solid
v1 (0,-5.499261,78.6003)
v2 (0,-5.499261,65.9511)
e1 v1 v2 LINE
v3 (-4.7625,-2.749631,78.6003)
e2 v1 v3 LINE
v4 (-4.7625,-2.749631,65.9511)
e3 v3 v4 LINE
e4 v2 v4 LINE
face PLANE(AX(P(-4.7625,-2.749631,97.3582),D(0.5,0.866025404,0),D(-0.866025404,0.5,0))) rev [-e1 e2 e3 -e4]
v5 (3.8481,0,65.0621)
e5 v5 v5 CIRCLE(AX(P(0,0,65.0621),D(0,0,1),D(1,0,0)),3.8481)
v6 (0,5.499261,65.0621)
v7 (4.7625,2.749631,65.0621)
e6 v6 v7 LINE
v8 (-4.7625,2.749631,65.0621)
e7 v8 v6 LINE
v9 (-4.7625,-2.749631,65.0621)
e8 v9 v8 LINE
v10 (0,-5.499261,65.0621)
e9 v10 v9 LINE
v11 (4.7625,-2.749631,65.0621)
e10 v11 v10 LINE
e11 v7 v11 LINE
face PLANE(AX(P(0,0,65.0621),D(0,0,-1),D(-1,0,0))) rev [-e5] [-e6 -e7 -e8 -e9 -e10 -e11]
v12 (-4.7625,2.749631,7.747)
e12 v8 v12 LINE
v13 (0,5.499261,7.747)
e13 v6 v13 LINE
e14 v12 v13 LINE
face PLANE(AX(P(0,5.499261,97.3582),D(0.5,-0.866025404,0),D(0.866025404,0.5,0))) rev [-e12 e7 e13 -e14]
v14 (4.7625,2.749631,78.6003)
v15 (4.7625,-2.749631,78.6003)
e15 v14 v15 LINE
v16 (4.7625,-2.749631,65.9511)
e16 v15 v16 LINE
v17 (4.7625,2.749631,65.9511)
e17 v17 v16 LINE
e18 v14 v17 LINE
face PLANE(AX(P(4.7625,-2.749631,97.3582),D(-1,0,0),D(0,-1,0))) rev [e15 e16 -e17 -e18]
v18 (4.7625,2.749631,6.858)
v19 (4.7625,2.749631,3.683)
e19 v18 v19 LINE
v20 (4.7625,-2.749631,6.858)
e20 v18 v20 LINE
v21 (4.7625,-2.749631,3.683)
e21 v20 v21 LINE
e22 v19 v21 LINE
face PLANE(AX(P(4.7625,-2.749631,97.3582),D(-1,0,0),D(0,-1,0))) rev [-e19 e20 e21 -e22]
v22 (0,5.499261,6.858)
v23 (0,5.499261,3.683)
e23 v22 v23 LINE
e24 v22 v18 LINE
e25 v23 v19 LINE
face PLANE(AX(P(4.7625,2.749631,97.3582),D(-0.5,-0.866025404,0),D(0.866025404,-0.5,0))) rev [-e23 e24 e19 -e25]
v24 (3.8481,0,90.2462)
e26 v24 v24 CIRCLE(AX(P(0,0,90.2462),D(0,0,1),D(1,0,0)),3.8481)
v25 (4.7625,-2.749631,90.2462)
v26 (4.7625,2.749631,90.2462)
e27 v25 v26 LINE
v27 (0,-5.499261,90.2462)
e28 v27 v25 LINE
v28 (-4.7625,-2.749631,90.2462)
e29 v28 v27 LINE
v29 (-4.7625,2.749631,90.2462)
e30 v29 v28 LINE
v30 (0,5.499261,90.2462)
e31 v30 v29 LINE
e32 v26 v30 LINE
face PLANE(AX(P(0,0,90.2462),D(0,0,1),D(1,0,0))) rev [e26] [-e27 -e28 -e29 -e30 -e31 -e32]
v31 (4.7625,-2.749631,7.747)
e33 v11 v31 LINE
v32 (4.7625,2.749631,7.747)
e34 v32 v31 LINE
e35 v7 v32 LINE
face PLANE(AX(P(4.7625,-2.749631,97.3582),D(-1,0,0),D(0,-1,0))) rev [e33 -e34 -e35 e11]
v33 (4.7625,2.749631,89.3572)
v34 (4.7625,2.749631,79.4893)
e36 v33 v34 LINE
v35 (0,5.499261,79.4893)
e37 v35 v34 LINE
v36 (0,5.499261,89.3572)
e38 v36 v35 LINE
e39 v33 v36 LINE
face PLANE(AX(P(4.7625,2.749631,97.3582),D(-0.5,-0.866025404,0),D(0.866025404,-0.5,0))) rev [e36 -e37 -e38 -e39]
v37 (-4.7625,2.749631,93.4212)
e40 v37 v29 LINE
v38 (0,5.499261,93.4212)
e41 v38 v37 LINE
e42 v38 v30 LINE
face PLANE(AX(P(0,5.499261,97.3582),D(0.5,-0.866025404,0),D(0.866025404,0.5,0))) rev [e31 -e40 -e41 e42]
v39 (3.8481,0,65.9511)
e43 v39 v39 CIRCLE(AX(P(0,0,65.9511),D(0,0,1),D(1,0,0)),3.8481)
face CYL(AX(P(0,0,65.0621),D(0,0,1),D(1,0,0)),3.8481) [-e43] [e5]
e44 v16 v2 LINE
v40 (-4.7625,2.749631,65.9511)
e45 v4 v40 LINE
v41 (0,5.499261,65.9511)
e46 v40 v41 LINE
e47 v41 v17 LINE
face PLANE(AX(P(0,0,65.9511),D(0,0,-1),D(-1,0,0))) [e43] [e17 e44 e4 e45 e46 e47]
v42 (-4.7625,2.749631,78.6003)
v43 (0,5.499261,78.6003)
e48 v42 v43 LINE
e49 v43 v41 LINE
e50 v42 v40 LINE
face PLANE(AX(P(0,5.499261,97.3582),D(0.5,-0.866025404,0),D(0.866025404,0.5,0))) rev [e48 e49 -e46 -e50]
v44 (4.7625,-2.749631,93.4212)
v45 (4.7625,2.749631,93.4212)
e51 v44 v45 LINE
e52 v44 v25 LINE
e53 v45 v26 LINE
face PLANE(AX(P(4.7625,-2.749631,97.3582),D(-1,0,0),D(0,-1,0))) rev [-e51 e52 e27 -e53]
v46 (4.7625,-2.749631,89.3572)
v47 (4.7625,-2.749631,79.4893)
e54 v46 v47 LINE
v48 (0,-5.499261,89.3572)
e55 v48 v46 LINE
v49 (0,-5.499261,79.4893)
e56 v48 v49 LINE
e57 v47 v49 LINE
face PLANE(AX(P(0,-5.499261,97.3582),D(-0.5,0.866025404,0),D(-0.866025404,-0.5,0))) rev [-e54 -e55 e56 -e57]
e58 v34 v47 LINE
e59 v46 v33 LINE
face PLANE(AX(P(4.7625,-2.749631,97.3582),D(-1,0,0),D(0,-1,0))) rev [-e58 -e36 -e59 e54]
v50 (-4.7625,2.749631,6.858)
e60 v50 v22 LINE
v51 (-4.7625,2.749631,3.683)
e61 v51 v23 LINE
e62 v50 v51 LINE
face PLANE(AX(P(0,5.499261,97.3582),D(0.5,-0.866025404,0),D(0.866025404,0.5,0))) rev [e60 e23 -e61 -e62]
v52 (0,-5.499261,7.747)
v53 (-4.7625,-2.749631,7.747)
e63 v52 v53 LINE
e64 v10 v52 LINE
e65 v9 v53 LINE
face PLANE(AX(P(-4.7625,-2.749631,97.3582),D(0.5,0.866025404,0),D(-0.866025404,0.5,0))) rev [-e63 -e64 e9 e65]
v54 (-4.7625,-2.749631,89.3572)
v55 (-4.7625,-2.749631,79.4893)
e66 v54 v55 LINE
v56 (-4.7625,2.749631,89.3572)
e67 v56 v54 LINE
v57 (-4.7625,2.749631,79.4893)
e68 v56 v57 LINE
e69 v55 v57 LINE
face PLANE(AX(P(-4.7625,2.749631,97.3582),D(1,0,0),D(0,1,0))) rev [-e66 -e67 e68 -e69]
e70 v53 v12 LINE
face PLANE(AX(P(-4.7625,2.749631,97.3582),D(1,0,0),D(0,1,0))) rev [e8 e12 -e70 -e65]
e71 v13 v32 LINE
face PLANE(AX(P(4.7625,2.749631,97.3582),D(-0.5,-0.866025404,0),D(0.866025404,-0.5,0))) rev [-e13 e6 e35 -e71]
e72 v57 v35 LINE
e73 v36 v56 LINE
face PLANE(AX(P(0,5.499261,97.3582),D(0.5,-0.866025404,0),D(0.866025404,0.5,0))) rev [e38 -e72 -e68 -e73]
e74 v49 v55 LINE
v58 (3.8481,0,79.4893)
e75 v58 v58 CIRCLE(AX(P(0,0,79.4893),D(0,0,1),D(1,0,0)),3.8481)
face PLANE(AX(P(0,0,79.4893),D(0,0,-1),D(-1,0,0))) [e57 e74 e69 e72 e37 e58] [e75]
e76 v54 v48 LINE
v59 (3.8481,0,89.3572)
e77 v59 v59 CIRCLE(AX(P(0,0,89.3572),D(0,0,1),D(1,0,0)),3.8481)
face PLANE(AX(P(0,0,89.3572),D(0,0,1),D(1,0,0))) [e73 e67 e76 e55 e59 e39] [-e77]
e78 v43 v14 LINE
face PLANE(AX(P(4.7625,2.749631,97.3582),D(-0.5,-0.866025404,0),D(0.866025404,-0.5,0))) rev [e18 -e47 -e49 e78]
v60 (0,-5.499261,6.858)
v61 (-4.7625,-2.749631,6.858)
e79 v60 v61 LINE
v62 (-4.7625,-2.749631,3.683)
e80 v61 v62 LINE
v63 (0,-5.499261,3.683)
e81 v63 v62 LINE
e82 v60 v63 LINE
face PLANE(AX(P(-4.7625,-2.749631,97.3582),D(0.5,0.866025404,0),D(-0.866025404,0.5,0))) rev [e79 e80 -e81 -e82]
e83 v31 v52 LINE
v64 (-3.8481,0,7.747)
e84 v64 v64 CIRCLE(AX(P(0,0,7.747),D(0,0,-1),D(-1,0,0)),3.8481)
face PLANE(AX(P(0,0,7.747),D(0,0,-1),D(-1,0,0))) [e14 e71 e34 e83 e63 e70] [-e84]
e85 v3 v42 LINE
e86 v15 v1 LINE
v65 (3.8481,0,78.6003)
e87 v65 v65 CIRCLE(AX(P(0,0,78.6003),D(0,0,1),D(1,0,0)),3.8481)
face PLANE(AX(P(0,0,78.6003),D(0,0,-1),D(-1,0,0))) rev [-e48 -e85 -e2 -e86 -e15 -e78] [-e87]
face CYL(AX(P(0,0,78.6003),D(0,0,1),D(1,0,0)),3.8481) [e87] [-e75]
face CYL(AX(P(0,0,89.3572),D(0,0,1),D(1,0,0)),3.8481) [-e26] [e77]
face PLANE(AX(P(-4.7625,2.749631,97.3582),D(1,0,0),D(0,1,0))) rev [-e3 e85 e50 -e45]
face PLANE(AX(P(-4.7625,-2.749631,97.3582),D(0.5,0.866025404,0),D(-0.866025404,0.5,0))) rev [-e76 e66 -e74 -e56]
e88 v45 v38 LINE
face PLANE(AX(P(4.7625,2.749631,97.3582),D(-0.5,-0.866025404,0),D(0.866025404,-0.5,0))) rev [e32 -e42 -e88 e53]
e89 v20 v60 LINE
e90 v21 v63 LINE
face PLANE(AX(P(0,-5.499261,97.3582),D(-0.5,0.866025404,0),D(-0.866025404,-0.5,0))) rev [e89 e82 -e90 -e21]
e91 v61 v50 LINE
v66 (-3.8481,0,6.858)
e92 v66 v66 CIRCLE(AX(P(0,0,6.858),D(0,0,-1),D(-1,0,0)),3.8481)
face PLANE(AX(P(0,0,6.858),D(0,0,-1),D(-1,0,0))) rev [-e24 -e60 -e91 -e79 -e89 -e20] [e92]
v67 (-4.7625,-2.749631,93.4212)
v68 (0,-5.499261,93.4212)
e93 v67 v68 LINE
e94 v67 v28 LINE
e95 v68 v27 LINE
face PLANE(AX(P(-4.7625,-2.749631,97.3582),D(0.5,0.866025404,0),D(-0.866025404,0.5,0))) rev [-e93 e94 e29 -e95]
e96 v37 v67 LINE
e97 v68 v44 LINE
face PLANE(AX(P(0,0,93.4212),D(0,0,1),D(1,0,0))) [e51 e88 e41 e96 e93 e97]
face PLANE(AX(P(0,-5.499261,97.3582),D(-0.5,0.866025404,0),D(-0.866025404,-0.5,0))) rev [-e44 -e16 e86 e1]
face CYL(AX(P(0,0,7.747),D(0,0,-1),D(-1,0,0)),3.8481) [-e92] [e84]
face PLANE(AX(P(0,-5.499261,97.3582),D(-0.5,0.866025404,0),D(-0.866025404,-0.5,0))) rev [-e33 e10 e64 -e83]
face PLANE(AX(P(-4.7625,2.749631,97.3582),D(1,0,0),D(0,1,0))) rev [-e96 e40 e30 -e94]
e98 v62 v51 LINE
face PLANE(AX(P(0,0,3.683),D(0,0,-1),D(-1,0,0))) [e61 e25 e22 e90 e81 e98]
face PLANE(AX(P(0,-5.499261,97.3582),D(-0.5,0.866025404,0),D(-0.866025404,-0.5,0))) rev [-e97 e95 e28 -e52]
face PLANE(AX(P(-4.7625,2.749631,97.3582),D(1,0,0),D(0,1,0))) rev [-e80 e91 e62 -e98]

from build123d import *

# Parameters (mm, degrees)
BOSS_EXTRUDE1_DEPTH = 97.3582
SKETCH5_W           = 11.10345239
SKETCH5_H           = 12.145052052
SKETCH5_R           = 3.8481
CUT_EXTRUDE2_DEPTH  = 0.4445
SKETCH6_W           = 10.752068687
SKETCH6_H           = 11.509710708
SKETCH6_R           = 3.8481
CUT_EXTRUDE3_DEPTH  = 0.4445
SKETCH7_W           = 11.973800556
SKETCH7_H           = 12.349285591
SKETCH7_R           = 3.8481
CUT_EXTRUDE4_DEPTH  = 0.4445
SKETCH8_W           = 12.812601238
SKETCH8_H           = 11.483340014
SKETCH8_R           = 3.8481
CUT_EXTRUDE5_DEPTH  = 0.4445
SKETCH9_W           = 15.274592148
SKETCH9_H           = 13.977564657
CUT_EXTRUDE6_DEPTH  = 3.683
SKETCH11_W          = 19.244818326
SKETCH11_H          = 17.400851683
CUT_EXTRUDE7_DEPTH  = 3.937


with BuildPart() as part:
    # Sketch1 → Boss-Extrude1 (new body)
    with BuildSketch(Plane.XY):
        Polygon((0, 5.499261314), (-4.7625, 2.749630657), (-4.7625, -2.749630657), (0, -5.499261314), (4.7625, -2.749630657), (4.7625, 2.749630657), align=None)
    extrude(amount=BOSS_EXTRUDE1_DEPTH)

    # Sketch5 → Cut-Extrude2 (cut, symmetric)
    with BuildSketch(Plane.XY.offset(79.0448)):
        with Locations((-0.378227241, -0.09440181)):
            Rectangle(SKETCH5_W, SKETCH5_H)
        Circle(SKETCH5_R, mode=Mode.SUBTRACT)
    extrude(amount=CUT_EXTRUDE2_DEPTH, both=True, mode=Mode.SUBTRACT)

    # Sketch6 → Cut-Extrude3 (cut, symmetric)
    with BuildSketch(Plane.XY.offset(65.5066)):
        with Locations((-0.265980709, -0.185380495)):
            Rectangle(SKETCH6_W, SKETCH6_H)
        Circle(SKETCH6_R, mode=Mode.SUBTRACT)
    extrude(amount=CUT_EXTRUDE3_DEPTH, both=True, mode=Mode.SUBTRACT)

    # Sketch7 → Cut-Extrude4 (cut, symmetric)
    with BuildSketch(Plane.XY.offset(89.8017)):
        with Locations((-0.368386295, 0.291901412)):
            Rectangle(SKETCH7_W, SKETCH7_H)
        Circle(SKETCH7_R, mode=Mode.SUBTRACT)
    extrude(amount=CUT_EXTRUDE4_DEPTH, both=True, mode=Mode.SUBTRACT)

    # Sketch8 → Cut-Extrude5 (cut, symmetric)
    with BuildSketch(Plane(origin=(0, 0, 7.3025), x_dir=(-1, 0, 0), z_dir=(0, 0, -1))):
        with Locations((-0.353342966, -0.03551845)):
            Rectangle(SKETCH8_W, SKETCH8_H)
        Circle(SKETCH8_R, mode=Mode.SUBTRACT)
    extrude(amount=CUT_EXTRUDE5_DEPTH, both=True, mode=Mode.SUBTRACT)

    # Sketch9 → Cut-Extrude6 (cut)
    with BuildSketch(Plane(origin=(0, 0, 0), x_dir=(-1, 0, 0), z_dir=(0, 0, -1))):
        with Locations((0.659891111, -0.649631618)):
            Rectangle(SKETCH9_W, SKETCH9_H)
    extrude(amount=-CUT_EXTRUDE6_DEPTH, mode=Mode.SUBTRACT)

    # Sketch11 → Cut-Extrude7 (cut)
    with BuildSketch(Plane.XY.offset(97.3582)):
        with Locations((0.649471759, -1.230390771)):
            Rectangle(SKETCH11_W, SKETCH11_H)
    extrude(amount=-CUT_EXTRUDE7_DEPTH, mode=Mode.SUBTRACT)


solid = part.part
